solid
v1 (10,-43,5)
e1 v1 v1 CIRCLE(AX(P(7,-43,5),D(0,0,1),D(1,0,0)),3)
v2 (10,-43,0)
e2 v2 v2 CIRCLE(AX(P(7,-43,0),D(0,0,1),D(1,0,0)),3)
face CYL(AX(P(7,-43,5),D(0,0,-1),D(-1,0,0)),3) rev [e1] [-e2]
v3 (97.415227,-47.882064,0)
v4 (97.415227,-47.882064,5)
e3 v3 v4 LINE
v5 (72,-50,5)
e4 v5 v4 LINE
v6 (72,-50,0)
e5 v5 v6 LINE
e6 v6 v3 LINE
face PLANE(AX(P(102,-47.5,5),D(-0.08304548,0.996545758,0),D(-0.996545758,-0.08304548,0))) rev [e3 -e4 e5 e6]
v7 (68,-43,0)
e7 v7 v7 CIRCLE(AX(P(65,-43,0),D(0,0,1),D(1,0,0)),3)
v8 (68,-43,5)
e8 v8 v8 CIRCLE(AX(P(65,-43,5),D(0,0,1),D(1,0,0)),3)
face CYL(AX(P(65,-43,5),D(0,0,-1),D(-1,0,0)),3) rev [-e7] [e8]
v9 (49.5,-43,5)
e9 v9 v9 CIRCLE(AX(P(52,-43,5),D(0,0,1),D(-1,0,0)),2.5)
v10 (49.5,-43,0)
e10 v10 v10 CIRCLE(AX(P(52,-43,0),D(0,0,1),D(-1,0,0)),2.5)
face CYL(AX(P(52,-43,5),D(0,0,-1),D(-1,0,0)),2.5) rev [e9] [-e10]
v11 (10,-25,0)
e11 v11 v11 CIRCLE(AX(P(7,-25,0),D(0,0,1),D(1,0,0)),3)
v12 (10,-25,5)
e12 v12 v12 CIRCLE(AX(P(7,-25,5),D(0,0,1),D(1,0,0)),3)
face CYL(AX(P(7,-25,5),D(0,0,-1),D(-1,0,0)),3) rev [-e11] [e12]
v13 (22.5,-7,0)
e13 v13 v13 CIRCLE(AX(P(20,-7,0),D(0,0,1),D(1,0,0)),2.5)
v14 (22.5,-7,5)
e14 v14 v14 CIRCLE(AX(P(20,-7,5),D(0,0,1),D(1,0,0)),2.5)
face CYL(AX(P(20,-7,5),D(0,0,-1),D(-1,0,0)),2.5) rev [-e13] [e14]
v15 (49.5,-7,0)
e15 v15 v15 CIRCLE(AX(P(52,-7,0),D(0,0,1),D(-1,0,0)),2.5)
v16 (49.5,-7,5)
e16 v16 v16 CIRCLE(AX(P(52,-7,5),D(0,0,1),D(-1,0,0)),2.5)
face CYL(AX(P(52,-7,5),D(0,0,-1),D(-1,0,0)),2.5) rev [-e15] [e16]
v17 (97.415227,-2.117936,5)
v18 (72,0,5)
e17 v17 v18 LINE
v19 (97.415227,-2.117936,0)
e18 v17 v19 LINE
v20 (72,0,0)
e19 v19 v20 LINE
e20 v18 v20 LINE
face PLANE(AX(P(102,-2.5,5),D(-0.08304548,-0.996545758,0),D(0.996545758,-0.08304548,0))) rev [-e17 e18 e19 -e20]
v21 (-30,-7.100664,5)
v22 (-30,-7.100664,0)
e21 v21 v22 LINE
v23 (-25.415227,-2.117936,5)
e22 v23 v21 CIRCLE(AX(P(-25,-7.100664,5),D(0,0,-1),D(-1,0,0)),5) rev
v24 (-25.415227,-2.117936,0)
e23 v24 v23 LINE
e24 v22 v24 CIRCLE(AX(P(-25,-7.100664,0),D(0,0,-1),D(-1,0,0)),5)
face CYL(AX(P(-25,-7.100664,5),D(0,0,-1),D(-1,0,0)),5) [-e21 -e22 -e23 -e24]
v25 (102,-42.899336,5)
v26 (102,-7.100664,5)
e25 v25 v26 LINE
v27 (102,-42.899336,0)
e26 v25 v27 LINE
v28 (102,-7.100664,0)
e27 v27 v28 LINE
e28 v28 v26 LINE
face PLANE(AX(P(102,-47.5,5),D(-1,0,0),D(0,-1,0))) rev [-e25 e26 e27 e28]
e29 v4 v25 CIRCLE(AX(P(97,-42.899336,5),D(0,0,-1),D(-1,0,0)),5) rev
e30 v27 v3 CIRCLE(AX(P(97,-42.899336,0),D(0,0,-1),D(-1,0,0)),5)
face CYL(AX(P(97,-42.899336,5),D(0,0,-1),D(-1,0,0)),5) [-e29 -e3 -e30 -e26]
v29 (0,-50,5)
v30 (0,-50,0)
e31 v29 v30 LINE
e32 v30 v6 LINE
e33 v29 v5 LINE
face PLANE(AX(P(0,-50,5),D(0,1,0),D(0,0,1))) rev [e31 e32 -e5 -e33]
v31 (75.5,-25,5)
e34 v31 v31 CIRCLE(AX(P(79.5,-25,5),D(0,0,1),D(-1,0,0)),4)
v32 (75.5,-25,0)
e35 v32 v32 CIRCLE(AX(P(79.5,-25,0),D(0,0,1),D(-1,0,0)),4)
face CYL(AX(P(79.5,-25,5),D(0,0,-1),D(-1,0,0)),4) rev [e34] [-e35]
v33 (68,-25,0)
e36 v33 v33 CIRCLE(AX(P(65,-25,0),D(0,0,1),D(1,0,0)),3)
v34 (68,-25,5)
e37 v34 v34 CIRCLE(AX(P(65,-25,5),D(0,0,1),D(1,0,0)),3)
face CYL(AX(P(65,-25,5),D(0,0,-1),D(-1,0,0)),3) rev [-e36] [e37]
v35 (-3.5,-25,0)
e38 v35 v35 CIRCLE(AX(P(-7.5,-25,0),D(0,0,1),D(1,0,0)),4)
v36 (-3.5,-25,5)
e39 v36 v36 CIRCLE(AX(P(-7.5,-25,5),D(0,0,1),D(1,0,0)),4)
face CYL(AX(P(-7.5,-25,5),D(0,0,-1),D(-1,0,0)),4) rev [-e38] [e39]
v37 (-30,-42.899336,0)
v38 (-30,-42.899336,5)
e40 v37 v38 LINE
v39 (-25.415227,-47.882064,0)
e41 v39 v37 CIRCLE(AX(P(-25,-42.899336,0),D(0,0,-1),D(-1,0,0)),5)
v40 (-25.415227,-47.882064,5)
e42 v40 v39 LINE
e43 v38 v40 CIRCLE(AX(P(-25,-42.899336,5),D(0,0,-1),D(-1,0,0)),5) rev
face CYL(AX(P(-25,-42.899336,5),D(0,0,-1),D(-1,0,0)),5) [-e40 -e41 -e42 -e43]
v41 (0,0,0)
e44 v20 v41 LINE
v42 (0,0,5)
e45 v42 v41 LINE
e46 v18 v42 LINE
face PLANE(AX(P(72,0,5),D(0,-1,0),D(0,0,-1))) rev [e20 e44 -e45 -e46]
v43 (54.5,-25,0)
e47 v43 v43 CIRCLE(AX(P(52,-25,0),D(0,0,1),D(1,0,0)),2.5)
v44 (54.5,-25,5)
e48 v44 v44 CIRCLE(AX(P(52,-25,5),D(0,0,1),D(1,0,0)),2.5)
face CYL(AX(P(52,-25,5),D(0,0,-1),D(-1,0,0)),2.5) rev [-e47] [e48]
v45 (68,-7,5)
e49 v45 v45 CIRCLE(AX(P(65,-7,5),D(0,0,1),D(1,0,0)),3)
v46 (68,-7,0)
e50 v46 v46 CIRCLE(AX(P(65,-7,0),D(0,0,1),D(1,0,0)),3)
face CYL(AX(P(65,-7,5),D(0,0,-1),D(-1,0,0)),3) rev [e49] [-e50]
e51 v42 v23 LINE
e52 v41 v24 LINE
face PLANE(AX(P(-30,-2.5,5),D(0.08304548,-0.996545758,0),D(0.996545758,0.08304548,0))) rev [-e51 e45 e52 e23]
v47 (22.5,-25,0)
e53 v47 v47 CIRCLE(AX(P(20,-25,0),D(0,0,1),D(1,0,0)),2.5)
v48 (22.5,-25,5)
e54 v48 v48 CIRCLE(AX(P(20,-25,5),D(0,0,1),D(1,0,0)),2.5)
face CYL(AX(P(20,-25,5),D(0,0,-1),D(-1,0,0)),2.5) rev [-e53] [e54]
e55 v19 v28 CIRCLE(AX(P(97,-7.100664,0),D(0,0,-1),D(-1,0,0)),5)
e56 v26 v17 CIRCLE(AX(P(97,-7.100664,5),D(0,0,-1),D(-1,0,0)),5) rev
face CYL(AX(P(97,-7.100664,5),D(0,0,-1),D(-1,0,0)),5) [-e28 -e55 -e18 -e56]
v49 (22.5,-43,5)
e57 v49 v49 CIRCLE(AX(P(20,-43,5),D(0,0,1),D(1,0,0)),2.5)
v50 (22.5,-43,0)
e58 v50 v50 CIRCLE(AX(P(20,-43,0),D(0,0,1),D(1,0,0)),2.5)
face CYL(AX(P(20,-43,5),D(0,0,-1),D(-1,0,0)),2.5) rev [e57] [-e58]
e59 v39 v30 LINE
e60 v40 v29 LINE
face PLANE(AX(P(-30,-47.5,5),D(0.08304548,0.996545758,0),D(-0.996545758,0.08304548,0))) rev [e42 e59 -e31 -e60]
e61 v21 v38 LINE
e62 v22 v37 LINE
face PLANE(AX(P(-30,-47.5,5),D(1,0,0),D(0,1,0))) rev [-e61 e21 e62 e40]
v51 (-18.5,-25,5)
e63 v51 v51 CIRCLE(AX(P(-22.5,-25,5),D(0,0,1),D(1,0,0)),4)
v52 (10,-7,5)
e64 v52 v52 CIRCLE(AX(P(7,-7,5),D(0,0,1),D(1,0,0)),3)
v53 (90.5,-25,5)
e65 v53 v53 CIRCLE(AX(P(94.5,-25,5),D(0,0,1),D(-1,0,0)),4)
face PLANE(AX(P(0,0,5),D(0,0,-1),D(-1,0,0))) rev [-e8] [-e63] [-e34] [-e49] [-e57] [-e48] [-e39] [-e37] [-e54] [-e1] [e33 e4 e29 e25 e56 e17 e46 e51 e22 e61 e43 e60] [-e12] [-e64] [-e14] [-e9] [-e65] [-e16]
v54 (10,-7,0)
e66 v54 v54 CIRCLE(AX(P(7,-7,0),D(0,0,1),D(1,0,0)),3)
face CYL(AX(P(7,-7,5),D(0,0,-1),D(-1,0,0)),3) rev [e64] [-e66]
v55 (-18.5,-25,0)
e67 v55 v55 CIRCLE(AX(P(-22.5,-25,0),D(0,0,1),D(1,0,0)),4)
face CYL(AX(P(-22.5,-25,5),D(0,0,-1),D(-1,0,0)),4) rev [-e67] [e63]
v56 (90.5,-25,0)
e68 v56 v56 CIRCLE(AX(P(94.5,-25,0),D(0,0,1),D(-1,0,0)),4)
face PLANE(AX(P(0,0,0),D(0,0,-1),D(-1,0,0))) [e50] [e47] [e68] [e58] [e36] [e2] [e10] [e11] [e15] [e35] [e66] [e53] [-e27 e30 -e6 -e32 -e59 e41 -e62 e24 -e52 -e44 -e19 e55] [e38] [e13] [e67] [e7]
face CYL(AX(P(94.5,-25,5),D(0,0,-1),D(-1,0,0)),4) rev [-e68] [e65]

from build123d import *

# Parameters (mm, degrees)
SKETCH1_R           = 4
SKETCH1_R_2         = 2.5
SKETCH1_R_3         = 3
BOSS_EXTRUDE1_DEPTH = 5
FILLET1_R           = 5


with BuildPart() as part:
    # Sketch1 → Boss-Extrude1 (new body)
    with BuildSketch(Plane.XY):
        Polygon((72, 0), (0, 0), (-30, -2.5), (-30, -47.5), (0, -50), (72, -50), (102, -47.5), (102, -2.5), align=None)
        with Locations((-22.5, -25)):
            Circle(SKETCH1_R, mode=Mode.SUBTRACT)
        with Locations((-7.5, -25)):
            Circle(SKETCH1_R, mode=Mode.SUBTRACT)
        with Locations((52, -43)):
            Circle(SKETCH1_R_2, mode=Mode.SUBTRACT)
        with Locations((52, -7)):
            Circle(SKETCH1_R_2, mode=Mode.SUBTRACT)
        with Locations((79.5, -25)):
            Circle(SKETCH1_R, mode=Mode.SUBTRACT)
        with Locations((94.5, -25)):
            Circle(SKETCH1_R, mode=Mode.SUBTRACT)
        with Locations((20, -25)):
            Circle(SKETCH1_R_2, mode=Mode.SUBTRACT)
        with Locations((52, -25)):
            Circle(SKETCH1_R_2, mode=Mode.SUBTRACT)
        with Locations((7, -25)):
            Circle(SKETCH1_R_3, mode=Mode.SUBTRACT)
        with Locations((65, -25)):
            Circle(SKETCH1_R_3, mode=Mode.SUBTRACT)
        with Locations((20, -7)):
            Circle(SKETCH1_R_2, mode=Mode.SUBTRACT)
        with Locations((20, -43)):
            Circle(SKETCH1_R_2, mode=Mode.SUBTRACT)
        with BuildLine():
            ThreePointArc((7, -40), (4, -43), (7, -46))
            ThreePointArc((7, -46), (10, -43), (7, -40))
        make_face(mode=Mode.SUBTRACT)
        with BuildLine():
            ThreePointArc((65, -46), (68, -43), (65, -40))
            ThreePointArc((65, -40), (62, -43), (65, -46))
        make_face(mode=Mode.SUBTRACT)
        with BuildLine():
            ThreePointArc((65, -10), (68, -7), (65, -4))
            ThreePointArc((65, -4), (62, -7), (65, -10))
        make_face(mode=Mode.SUBTRACT)
        with BuildLine():
            ThreePointArc((7, -10), (10, -7), (7, -4))
            ThreePointArc((7, -4), (4, -7), (7, -10))
        make_face(mode=Mode.SUBTRACT)
    extrude(amount=BOSS_EXTRUDE1_DEPTH)

    # Fillet1
    fillet1_edges = [part.edges().sort_by_distance(p)[0] for p in [
        (102, -2.5, 2.5),
        (102, -47.5, 2.5),
        (-30, -47.5, 2.5),
        (-30, -2.5, 2.5),
    ]]
    fillet(fillet1_edges, radius=FILLET1_R)


solid = part.part
